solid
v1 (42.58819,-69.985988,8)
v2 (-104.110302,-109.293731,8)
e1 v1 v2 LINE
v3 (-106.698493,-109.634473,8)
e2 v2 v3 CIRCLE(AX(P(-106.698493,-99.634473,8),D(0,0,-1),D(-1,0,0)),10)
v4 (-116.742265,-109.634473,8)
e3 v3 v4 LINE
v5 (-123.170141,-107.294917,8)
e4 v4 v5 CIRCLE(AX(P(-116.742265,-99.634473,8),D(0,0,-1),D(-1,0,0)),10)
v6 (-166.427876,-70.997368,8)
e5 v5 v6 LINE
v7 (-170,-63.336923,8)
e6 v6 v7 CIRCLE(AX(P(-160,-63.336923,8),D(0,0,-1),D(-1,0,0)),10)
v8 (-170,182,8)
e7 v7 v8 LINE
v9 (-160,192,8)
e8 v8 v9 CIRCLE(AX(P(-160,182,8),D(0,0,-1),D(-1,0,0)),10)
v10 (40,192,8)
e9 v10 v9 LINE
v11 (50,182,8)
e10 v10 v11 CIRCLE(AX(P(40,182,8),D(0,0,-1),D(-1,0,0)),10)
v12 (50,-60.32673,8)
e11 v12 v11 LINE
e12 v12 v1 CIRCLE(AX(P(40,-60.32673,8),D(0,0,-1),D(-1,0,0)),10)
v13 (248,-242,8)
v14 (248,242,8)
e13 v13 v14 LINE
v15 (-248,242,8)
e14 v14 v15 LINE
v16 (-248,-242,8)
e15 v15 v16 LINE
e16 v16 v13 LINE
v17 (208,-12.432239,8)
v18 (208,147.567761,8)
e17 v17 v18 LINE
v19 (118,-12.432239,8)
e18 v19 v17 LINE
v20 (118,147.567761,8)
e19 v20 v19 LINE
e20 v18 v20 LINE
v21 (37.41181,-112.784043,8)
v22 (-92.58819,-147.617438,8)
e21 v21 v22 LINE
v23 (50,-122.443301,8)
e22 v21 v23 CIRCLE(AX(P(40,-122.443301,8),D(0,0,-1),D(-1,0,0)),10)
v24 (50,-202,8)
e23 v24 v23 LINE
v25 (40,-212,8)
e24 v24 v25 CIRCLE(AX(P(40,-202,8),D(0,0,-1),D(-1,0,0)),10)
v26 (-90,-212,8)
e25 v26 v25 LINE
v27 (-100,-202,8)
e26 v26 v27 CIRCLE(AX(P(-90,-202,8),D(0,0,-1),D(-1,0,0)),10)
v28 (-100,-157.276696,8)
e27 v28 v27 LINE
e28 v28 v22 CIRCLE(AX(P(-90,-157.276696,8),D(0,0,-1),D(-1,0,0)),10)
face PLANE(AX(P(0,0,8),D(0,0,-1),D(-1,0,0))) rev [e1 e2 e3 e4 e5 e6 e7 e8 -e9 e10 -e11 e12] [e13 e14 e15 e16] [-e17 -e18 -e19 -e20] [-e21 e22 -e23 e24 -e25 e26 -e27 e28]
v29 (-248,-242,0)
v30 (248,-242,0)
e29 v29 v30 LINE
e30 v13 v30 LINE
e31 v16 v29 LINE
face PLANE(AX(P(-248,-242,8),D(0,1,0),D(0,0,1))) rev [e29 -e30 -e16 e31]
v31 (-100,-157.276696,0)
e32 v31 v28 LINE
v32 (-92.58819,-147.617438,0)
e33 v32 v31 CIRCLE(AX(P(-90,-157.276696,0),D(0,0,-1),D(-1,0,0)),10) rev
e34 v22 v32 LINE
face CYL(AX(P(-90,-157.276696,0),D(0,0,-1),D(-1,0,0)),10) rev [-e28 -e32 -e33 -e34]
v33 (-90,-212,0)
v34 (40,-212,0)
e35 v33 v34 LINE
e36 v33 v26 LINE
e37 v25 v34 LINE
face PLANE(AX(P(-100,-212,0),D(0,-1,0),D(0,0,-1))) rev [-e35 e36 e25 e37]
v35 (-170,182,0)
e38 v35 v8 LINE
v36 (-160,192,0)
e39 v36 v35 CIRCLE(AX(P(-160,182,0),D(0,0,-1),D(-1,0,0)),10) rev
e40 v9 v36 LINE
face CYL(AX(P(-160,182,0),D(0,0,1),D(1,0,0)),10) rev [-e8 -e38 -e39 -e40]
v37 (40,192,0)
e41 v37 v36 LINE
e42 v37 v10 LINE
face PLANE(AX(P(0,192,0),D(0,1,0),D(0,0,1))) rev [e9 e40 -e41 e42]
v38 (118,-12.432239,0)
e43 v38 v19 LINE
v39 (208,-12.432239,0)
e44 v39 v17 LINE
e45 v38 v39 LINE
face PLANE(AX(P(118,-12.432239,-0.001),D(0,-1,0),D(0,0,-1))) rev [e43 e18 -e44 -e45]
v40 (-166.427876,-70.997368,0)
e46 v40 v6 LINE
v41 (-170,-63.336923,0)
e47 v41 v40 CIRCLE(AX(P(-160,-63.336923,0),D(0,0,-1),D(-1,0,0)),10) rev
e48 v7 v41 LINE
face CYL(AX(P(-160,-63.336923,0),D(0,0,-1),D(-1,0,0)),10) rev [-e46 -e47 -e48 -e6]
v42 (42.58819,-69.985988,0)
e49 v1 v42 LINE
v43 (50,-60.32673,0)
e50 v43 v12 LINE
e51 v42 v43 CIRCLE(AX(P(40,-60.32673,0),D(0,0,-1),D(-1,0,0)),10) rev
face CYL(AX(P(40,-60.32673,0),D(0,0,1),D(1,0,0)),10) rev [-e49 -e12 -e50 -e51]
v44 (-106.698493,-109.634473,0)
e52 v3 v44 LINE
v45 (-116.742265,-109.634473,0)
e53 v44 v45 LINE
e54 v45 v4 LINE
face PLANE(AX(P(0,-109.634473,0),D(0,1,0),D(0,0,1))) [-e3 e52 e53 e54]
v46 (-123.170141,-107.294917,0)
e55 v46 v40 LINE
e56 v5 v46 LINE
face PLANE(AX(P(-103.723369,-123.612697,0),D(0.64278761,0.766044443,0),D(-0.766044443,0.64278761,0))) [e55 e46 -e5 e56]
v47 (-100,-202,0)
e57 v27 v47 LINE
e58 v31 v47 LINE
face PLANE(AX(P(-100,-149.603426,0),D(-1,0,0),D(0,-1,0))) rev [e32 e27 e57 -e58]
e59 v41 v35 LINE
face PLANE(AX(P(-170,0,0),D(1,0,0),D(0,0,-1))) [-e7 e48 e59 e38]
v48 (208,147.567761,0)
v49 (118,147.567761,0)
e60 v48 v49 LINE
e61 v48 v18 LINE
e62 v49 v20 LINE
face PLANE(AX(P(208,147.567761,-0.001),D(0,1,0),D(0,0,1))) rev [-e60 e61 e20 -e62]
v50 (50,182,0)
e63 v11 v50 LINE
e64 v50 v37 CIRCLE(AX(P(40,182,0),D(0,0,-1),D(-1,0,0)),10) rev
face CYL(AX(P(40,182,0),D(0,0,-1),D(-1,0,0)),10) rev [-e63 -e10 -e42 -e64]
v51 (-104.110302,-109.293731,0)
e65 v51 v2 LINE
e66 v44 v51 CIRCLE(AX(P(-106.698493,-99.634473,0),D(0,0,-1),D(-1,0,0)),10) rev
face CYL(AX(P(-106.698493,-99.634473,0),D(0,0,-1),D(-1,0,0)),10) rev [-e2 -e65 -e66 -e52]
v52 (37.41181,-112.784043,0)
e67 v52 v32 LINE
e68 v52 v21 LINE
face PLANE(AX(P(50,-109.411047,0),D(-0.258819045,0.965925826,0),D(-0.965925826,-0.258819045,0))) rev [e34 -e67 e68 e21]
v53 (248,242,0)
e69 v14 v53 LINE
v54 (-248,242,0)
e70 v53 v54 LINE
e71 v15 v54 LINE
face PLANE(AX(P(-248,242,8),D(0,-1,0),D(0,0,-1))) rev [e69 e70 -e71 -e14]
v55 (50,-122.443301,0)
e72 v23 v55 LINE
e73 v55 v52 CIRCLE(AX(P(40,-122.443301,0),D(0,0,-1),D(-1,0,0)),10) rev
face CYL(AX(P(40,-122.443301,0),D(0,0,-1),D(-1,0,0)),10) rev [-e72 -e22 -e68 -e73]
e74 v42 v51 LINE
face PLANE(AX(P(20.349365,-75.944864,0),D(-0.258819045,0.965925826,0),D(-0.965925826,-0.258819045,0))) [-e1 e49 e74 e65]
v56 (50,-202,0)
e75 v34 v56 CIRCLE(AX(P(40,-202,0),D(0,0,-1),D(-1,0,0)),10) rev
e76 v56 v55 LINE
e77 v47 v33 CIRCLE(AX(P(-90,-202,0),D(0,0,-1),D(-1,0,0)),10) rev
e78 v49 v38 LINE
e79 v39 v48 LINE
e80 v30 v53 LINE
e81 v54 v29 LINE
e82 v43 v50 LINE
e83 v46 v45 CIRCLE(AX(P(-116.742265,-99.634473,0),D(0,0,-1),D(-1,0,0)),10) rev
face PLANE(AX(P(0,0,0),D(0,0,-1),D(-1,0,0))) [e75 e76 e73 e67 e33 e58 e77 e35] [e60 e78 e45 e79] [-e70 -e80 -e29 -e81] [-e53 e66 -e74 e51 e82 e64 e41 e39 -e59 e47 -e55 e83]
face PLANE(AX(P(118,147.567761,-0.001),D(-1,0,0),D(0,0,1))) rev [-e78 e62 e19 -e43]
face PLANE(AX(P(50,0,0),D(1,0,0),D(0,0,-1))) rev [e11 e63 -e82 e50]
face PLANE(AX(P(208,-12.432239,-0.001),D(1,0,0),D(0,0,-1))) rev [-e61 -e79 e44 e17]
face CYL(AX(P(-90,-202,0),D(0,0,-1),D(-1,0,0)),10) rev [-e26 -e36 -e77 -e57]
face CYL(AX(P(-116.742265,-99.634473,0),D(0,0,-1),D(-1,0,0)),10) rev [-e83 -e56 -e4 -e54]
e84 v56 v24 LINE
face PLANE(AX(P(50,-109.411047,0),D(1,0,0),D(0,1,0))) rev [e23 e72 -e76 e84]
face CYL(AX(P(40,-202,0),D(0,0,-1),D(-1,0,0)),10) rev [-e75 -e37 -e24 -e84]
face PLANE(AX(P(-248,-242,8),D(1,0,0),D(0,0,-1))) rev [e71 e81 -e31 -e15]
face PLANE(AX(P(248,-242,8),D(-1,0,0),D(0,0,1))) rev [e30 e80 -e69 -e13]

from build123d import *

# Parameters (mm, degrees)
SKETCH1_W           = 496
SKETCH1_H           = 484
BOSS_EXTRUDE1_DEPTH = 8
SKETCH2_W           = 220
SKETCH2_H           = 260
CUT_EXTRUDE1_DEPTH  = 347.600634737
CUT_EXTRUDE2_DEPTH  = 347.600634737
FILLET1_R           = 10
FILLET2_R           = 10
CUT_EXTRUDE3_REACH  = 348.601
SKETCH4_W           = 90
SKETCH4_H           = 160


with BuildPart() as part:
    # Sketch1 → Boss-Extrude1 (new body)
    with BuildSketch(Plane.XY):
        Rectangle(SKETCH1_W, SKETCH1_H)
    extrude(amount=BOSS_EXTRUDE1_DEPTH)

    # Sketch2 → Cut-Extrude1 (cut, through all)
    with BuildSketch(Plane.XY.offset(8)):
        with Locations((-60, 62)):
            Rectangle(SKETCH2_W, SKETCH2_H)
        Polygon((-120.381967555, -109.634472725), (-170, -68), (50, -68), (-105.381967555, -109.634472725), align=None)
    extrude(amount=-CUT_EXTRUDE1_DEPTH, mode=Mode.SUBTRACT)

    # Sketch3 → Cut-Extrude2 (cut, through all)
    with BuildSketch(Plane.XY.offset(8)):
        Polygon((50, -109.411047216), (50, -212), (-100, -212), (-100, -149.603426081), align=None)
    extrude(amount=-CUT_EXTRUDE2_DEPTH, mode=Mode.SUBTRACT)

    # Fillet1
    fillet1_edges = [part.edges().sort_by_distance(p)[0] for p in [
        (50, -212, 4),
        (-100, -212, 4),
        (-100, -149.603426081, 4),
        (50, -109.411047216, 4),
    ]]
    fillet(fillet1_edges, radius=FILLET1_R)

    # Fillet2
    fillet2_edges = [part.edges().sort_by_distance(p)[0] for p in [
        (-170, -68, 4),
        (-170, 192, 4),
        (50, 192, 4),
        (50, -68, 4),
        (-105.381967555, -109.634472725, 4),
        (-120.381967555, -109.634472725, 4),
    ]]
    fillet(fillet2_edges, radius=FILLET2_R)

    # Sketch4 → Cut-Extrude3 (cut, up to next)
    with BuildSketch(Plane.XY.offset(8), mode=Mode.PRIVATE) as cut_extrude3_sk1:
        with Locations((163, 67.567761437)):
            Rectangle(SKETCH4_W, SKETCH4_H)
    cut_extrude3_tool1 = extrude(cut_extrude3_sk1.sketch, amount=-CUT_EXTRUDE3_REACH, mode=Mode.PRIVATE) & part.part
    add(cut_extrude3_tool1.solids().sort_by_distance((163, 67.567761, 8))[0], mode=Mode.SUBTRACT)


solid = part.part
